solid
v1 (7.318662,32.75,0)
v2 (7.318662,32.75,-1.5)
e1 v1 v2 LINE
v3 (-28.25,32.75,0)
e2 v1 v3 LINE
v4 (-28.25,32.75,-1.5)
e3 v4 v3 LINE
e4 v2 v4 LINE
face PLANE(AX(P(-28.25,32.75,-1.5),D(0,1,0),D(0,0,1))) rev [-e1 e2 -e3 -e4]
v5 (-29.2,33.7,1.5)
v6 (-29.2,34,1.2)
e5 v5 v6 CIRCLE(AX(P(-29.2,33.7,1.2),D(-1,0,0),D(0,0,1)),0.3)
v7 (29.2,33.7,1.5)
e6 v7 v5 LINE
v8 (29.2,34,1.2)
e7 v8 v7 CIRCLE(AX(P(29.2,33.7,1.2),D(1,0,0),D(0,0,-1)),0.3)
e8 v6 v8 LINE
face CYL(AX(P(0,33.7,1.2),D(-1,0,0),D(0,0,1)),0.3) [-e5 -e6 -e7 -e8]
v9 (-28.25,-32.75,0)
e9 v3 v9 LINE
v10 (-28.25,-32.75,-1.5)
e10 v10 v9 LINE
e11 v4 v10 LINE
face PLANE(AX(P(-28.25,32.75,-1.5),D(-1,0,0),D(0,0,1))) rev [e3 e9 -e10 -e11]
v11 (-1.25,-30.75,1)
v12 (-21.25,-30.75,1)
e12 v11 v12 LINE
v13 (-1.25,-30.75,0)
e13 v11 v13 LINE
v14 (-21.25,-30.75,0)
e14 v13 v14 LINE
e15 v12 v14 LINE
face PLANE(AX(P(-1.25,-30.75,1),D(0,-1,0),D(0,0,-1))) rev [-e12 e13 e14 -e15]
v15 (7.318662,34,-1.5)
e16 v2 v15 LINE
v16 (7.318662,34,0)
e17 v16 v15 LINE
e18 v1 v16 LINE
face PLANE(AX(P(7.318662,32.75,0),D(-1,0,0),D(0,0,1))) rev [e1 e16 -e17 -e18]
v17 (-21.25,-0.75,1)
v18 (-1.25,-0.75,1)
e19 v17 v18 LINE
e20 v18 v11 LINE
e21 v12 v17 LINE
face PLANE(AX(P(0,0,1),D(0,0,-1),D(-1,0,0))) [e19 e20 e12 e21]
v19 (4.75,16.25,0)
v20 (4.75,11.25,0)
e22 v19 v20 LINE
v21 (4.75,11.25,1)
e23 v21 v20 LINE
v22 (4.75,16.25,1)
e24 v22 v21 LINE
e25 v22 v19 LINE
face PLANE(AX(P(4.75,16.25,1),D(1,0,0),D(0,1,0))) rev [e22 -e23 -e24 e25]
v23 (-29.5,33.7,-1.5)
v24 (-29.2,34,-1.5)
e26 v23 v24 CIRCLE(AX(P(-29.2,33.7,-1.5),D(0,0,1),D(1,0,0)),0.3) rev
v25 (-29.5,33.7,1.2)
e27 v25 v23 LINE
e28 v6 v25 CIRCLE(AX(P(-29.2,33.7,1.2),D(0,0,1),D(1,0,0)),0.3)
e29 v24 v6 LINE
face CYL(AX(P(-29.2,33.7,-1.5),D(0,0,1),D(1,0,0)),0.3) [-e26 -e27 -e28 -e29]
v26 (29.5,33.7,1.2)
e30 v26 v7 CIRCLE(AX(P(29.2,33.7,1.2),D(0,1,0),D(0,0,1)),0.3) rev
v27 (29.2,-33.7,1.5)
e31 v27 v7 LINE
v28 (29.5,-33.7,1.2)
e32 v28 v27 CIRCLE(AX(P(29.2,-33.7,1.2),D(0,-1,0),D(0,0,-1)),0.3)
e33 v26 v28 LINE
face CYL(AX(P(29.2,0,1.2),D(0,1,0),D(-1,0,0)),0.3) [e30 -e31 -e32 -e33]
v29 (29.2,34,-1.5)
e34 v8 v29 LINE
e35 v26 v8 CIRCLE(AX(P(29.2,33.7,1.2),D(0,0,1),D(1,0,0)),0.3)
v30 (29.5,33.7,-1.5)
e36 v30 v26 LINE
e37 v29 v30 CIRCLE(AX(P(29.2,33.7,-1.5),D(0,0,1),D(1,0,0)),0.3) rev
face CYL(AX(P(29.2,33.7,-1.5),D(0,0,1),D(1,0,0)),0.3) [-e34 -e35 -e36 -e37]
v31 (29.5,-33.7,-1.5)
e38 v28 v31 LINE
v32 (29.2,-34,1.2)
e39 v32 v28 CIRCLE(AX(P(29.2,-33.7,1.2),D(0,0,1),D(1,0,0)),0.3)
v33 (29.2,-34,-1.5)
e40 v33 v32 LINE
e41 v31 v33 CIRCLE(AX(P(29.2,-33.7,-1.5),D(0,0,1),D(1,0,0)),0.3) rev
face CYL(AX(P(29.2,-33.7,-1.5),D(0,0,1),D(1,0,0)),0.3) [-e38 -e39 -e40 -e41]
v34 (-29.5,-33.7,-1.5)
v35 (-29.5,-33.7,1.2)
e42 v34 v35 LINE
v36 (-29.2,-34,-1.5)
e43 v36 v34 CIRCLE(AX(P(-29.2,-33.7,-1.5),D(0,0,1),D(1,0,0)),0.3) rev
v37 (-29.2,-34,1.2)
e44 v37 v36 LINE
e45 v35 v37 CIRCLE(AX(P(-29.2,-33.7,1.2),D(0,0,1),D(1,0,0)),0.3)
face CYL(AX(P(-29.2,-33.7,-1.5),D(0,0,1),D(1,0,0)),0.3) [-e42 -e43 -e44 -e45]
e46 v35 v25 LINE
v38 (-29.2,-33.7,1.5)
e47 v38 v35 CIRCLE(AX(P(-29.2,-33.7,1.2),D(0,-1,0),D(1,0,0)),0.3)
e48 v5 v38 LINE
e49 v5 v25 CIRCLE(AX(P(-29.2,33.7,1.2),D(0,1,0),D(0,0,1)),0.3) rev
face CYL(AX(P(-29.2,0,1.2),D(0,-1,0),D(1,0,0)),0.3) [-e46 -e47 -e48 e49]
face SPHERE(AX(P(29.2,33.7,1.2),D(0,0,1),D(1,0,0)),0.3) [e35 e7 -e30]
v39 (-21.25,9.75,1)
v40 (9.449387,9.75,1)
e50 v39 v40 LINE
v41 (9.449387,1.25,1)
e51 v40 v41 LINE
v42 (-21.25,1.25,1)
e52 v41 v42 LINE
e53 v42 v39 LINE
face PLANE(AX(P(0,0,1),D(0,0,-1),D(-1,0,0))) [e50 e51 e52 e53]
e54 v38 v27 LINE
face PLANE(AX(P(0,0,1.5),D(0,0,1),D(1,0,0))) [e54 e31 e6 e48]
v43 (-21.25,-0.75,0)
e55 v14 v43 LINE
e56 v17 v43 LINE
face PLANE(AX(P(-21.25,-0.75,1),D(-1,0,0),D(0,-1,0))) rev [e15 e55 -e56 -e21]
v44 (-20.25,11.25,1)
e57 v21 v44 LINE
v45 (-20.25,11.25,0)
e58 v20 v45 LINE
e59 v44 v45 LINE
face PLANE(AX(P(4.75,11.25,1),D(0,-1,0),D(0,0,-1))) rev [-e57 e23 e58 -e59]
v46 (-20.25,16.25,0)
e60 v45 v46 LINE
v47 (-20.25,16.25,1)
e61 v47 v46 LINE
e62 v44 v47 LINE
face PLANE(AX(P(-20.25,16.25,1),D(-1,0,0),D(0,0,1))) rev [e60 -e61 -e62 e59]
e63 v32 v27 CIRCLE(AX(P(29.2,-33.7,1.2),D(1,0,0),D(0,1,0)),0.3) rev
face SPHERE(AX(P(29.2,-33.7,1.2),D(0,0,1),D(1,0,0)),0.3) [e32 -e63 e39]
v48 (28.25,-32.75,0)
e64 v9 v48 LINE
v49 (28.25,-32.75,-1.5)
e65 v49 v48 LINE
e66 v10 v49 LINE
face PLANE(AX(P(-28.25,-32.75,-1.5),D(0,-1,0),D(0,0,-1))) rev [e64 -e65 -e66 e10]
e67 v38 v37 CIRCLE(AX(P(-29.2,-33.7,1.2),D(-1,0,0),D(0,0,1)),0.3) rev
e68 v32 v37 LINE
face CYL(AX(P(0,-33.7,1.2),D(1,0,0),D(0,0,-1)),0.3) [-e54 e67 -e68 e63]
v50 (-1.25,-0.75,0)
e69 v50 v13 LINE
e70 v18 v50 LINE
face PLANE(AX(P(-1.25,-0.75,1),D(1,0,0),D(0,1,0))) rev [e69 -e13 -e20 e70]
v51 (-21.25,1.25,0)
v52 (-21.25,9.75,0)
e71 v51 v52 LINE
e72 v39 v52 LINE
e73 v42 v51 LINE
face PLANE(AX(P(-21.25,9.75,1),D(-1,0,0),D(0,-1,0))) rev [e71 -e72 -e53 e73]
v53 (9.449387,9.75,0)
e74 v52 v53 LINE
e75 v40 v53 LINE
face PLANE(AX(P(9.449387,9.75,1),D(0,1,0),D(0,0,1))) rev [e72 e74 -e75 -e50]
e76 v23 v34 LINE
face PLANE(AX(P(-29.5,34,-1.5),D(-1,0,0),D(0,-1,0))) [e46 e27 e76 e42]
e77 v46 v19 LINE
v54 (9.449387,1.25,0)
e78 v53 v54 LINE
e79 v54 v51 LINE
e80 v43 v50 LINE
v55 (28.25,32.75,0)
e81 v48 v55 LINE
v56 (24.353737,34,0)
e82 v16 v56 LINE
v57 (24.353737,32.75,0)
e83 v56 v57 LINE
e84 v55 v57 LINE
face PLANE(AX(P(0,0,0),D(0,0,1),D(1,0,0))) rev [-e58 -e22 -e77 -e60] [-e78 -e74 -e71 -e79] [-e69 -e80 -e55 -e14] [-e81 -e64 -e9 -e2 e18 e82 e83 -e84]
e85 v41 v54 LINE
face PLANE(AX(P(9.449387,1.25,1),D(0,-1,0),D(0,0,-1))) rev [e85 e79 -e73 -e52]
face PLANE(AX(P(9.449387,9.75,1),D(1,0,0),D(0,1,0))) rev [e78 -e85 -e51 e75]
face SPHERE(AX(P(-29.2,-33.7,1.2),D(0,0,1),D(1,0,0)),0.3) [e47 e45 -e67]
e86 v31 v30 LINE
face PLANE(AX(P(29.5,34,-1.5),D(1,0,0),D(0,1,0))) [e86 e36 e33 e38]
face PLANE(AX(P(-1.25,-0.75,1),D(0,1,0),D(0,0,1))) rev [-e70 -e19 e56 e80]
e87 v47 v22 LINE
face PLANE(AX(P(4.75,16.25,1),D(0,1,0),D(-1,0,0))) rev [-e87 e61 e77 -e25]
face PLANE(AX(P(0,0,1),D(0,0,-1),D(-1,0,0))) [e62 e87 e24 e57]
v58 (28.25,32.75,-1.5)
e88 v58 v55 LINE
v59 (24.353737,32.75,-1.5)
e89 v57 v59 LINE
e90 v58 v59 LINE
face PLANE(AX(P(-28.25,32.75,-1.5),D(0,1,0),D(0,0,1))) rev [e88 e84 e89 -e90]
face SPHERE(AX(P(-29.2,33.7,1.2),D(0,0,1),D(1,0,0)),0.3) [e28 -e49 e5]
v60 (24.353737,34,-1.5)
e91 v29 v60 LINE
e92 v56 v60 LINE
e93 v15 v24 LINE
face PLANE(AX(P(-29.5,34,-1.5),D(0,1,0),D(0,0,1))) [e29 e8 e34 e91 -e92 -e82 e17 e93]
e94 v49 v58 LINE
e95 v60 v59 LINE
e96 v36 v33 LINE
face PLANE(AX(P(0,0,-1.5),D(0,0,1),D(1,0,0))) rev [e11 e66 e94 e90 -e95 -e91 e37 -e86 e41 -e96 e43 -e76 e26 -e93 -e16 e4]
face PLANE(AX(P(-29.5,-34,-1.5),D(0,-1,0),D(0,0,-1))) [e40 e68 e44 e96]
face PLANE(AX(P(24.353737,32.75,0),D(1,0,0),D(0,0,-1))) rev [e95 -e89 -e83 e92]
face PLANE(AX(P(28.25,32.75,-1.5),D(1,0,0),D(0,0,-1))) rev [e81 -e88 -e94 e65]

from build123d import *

# Parameters (mm, degrees)
SKETCH_1_W          = 56.5
SKETCH_1_H          = 65.5
EXTRUDE_1_DEPTH     = 1.5
SKETCH_2_W          = 59
SKETCH_2_H          = 68
SKETCH_2_W_2        = 56.5
SKETCH_2_H_2        = 65.5
EXTRUDE_2_DEPTH     = 3
FILLET_1_R          = 0.3
SKETCH_4_W          = 25
SKETCH_4_H          = 5
SKETCH_4_W_2        = 30.699386717
SKETCH_4_H_2        = 8.5
SKETCH_4_W_3        = 20
SKETCH_4_H_3        = 30
CUT_EXTRUDE_1_DEPTH = 1
SKETCH_5_W          = 17.035074377
SKETCH_5_H          = 1.25
CUT_EXTRUDE_2_DEPTH = 1.5


with BuildPart() as part:
    # 草图1 → 凸台-拉伸1 (new body)
    with BuildSketch(Plane.XY):
        Rectangle(SKETCH_1_W, SKETCH_1_H)
    extrude(amount=EXTRUDE_1_DEPTH)

    # 草图2 → 凸台-拉伸2 (add)
    with BuildSketch(Plane.XY.offset(1.5)):
        Rectangle(SKETCH_2_W, SKETCH_2_H)
        Rectangle(SKETCH_2_W_2, SKETCH_2_H_2, mode=Mode.SUBTRACT)
    extrude(amount=-EXTRUDE_2_DEPTH)

    # 圆角1
    fillet_1_edges = [part.edges().sort_by_distance(p)[0] for p in [
        (29.5, 34, 0),
        (29.5, -34, 0),
        (-29.5, -34, 0),
        (-29.5, 34, 0),
        (29.5, 0, 1.5),
        (0, 34, 1.5),
        (-29.5, 0, 1.5),
        (0, -34, 1.5),
    ]]
    fillet(fillet_1_edges, radius=FILLET_1_R)

    # 草图4 → 切除-拉伸1 (cut)
    with BuildSketch(Plane(origin=(0, 0, 0), x_dir=(-1, 0, 0), z_dir=(0, 0, -1))):
        with Locations((7.75, 13.75)):
            Rectangle(SKETCH_4_W, SKETCH_4_H)
        with Locations((5.900306641, 5.5)):
            Rectangle(SKETCH_4_W_2, SKETCH_4_H_2)
        with Locations((11.25, -15.75)):
            Rectangle(SKETCH_4_W_3, SKETCH_4_H_3)
    extrude(amount=-CUT_EXTRUDE_1_DEPTH, mode=Mode.SUBTRACT)

    # 草图5 → 切除-拉伸2 (cut)
    with BuildSketch(Plane(origin=(0, 0, -1.5), x_dir=(-1, 0, 0), z_dir=(0, 0, -1))):
        with Locations((-15.836199448, 33.375)):
            Rectangle(SKETCH_5_W, SKETCH_5_H)
    extrude(amount=-CUT_EXTRUDE_2_DEPTH, mode=Mode.SUBTRACT)


solid = part.part
